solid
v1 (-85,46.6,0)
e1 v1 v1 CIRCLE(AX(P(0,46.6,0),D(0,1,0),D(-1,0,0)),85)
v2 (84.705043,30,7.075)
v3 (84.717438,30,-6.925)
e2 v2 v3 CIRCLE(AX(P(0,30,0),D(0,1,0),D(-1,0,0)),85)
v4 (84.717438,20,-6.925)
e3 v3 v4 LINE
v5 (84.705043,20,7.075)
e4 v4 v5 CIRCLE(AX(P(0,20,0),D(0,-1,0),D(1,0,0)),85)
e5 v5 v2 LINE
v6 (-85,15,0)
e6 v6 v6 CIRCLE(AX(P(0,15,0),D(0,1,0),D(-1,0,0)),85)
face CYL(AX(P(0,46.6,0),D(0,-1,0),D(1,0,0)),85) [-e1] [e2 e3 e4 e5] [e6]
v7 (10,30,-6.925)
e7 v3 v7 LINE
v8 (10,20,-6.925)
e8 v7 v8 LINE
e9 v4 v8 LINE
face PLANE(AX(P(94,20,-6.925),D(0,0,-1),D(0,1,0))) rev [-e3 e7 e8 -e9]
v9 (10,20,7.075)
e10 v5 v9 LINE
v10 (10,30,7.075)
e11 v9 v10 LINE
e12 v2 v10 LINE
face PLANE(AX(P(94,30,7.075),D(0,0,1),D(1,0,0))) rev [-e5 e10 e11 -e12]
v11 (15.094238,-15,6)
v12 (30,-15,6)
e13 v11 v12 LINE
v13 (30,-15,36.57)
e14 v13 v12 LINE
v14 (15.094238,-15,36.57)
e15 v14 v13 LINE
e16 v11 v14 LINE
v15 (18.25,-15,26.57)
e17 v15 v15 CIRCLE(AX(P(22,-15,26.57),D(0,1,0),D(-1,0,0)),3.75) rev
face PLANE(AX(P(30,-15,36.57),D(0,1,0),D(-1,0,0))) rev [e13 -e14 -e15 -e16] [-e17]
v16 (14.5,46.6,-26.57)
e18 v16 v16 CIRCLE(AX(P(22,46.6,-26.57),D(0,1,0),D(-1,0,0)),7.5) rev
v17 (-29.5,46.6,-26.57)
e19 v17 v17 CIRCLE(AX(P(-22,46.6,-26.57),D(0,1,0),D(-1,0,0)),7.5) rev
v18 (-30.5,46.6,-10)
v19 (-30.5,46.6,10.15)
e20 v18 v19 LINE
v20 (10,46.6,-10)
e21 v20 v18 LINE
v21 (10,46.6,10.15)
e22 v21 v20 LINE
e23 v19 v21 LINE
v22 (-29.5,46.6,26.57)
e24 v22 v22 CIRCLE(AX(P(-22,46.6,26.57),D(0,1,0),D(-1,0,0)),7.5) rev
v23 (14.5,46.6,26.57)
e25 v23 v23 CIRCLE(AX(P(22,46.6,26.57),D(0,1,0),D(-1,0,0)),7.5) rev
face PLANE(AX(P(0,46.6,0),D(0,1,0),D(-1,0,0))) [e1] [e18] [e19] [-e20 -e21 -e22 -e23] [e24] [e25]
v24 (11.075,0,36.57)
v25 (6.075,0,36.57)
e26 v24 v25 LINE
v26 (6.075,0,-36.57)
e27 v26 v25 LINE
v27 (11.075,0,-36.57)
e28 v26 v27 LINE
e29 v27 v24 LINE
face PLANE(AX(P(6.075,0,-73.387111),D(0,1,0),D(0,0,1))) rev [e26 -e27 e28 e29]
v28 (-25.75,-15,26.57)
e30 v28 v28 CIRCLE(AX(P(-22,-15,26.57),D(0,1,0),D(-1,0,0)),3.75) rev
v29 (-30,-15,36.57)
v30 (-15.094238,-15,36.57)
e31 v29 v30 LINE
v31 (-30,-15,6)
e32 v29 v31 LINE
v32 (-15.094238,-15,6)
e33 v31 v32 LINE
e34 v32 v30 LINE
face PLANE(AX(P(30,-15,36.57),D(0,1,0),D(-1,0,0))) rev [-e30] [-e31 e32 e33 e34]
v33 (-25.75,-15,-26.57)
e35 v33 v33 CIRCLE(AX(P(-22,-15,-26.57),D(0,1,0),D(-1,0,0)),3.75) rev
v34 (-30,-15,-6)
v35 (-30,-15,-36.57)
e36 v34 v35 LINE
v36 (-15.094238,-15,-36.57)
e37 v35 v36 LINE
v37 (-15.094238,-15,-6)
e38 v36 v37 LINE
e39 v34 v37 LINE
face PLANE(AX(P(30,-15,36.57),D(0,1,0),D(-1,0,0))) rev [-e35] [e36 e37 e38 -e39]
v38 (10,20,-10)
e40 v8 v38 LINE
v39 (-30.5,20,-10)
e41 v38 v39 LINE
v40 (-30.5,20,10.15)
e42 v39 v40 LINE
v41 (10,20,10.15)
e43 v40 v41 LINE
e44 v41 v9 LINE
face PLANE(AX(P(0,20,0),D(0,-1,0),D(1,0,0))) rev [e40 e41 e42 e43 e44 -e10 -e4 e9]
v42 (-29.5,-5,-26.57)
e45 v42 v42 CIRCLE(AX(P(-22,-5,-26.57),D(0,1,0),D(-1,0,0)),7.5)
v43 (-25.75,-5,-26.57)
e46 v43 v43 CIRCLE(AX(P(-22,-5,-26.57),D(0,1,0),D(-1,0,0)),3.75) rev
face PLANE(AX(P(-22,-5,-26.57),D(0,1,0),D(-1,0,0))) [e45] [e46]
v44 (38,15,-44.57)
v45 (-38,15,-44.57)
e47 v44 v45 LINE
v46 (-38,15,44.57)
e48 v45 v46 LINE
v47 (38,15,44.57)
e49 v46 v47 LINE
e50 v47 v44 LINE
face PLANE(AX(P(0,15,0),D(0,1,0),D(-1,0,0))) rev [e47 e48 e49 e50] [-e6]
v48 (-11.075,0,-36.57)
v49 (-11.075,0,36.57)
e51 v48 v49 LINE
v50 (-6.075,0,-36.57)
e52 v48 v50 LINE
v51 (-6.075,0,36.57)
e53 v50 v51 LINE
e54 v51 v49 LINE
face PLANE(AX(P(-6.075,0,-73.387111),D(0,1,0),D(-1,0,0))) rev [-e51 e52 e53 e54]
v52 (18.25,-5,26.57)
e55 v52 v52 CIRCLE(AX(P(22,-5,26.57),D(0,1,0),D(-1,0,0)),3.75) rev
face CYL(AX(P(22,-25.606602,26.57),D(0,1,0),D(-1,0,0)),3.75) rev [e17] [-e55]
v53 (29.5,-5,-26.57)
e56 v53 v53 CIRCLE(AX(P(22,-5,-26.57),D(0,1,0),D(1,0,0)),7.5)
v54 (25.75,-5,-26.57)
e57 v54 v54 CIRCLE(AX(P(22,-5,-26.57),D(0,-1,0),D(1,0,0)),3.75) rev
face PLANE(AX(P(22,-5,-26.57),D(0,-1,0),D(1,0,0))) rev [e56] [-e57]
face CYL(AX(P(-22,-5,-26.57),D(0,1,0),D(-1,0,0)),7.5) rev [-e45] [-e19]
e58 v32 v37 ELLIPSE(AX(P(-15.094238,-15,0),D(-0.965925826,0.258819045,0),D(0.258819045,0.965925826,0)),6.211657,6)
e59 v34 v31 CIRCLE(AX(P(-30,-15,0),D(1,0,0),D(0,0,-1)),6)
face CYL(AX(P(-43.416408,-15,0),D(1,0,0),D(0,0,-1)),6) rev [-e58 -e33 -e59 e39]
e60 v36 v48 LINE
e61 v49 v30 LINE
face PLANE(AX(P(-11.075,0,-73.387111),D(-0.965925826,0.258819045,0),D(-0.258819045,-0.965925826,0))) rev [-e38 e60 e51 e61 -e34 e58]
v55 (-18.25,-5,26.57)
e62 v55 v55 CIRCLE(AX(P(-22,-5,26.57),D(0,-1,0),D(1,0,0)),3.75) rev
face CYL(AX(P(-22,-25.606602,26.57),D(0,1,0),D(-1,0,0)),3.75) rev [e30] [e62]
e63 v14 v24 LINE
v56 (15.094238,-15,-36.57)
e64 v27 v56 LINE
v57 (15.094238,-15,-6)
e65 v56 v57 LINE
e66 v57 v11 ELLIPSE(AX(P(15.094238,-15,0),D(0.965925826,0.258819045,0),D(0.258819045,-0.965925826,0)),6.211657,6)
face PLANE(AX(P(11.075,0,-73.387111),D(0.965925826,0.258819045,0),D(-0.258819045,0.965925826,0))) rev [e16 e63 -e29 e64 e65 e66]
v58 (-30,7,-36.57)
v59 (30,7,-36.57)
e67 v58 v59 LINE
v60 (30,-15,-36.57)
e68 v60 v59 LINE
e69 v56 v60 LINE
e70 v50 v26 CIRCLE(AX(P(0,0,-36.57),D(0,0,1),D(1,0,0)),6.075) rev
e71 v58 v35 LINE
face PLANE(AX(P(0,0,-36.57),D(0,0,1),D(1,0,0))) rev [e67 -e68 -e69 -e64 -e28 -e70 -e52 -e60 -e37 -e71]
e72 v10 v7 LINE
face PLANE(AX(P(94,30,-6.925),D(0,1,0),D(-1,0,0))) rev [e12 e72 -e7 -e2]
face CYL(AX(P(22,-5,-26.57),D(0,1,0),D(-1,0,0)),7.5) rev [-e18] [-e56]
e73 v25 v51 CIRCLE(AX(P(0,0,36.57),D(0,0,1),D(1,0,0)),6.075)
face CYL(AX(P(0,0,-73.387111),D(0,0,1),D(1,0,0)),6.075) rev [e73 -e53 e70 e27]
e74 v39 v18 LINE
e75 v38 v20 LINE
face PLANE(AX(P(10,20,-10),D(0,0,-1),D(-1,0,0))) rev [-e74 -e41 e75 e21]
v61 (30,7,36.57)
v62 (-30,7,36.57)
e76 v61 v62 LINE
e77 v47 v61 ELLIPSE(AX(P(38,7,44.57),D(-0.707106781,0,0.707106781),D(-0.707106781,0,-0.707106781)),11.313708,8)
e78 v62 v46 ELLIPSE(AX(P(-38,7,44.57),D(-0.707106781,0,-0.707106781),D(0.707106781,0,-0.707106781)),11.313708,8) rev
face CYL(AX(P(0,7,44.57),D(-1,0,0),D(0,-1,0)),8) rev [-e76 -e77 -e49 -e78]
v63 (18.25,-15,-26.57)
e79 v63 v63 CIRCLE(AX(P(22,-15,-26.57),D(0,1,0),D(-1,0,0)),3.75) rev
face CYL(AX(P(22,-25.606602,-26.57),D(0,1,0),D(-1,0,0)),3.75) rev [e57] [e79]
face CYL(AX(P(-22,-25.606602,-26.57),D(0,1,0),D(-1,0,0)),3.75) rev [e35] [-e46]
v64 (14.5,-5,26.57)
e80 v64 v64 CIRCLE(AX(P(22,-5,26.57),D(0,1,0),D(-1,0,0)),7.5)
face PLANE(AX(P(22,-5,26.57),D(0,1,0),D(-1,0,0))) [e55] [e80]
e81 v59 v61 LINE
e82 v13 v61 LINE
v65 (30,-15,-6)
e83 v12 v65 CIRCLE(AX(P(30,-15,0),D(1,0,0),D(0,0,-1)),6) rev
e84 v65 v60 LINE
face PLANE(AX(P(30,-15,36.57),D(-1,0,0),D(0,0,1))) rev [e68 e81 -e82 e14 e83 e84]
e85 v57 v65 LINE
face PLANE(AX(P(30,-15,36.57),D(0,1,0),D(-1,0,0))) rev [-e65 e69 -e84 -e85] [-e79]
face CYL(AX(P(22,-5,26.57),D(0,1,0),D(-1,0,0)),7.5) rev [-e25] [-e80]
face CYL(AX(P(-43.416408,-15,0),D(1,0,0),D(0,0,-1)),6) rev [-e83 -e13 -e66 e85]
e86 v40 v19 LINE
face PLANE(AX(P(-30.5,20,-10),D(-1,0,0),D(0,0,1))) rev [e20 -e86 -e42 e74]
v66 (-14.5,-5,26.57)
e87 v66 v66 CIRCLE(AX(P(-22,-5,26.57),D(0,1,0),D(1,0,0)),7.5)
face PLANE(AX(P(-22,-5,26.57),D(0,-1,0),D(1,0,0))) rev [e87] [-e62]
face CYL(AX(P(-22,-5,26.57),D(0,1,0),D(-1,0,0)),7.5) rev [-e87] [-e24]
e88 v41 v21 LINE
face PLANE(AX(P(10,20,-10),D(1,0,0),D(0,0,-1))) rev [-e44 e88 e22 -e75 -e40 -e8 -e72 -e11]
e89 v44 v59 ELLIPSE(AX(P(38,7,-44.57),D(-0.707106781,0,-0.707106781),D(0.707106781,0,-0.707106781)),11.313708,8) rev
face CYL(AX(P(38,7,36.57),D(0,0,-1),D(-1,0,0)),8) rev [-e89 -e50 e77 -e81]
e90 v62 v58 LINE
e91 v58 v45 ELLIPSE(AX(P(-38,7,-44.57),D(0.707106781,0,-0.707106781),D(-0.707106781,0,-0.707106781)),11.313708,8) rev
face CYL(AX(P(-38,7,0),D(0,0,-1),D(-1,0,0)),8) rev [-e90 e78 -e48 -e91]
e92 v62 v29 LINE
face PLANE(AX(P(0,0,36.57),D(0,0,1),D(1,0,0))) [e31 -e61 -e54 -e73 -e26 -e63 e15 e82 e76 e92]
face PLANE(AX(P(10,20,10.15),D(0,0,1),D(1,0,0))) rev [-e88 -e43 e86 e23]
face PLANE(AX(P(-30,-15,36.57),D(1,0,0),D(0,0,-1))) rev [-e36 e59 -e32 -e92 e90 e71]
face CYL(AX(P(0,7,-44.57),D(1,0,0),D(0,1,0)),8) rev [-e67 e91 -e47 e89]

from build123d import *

# Parameters (mm, degrees)
SKETCH1_W           = 60
SKETCH1_H           = 30
BOSS_EXTRUDE1_DEPTH = 36.57
CUT_EXTRUDE1_DEPTH  = 60
CUT_EXTRUDE2_REACH  = 82.464
CUT_EXTRUDE3_DEPTH  = 73.14
SKETCH5_R           = 3.75
CUT_EXTRUDE4_DEPTH  = 30
SKETCH6_R           = 7.5
CUT_EXTRUDE5_DEPTH  = 20
SKETCH8_R           = 85
BOSS_EXTRUDE3_DEPTH = 31.6
CUT_EXTRUDE6_START  = -31.6
SKETCH9_R           = 7.5
CUT_EXTRUDE6_DEPTH  = 31.6
SKETCH11_W          = 40.5
SKETCH11_H          = 20.15
CUT_EXTRUDE7_DEPTH  = 26.6
BOSS_EXTRUDE4_DEPTH = 73.14
SKETCH13_R          = 7.5
CUT_EXTRUDE8_DEPTH  = 51.6
FILLET1_R           = 8
SKETCH14_W          = 14
SKETCH14_H          = 10
CUT_EXTRUDE9_DEPTH  = 84


with BuildPart() as part:
    # Sketch1 → Boss-Extrude1 (new, symmetric)
    with BuildSketch(Plane.XY):
        Rectangle(SKETCH1_W, SKETCH1_H)
    extrude(amount=BOSS_EXTRUDE1_DEPTH, both=True)

    # Sketch2 → Cut-Extrude1 (cut)
    with BuildSketch(Plane(origin=(30, 0, 0), x_dir=(0, 0, -1), z_dir=(1, 0, 0))):
        with BuildLine():
            ThreePointArc((6, -15), (0, -9), (-6, -15))
            Line((-6, -15), (6, -15))
        make_face()
    extrude(amount=-CUT_EXTRUDE1_DEPTH, mode=Mode.SUBTRACT)

    # Cut-Extrude2: up to this face of the body (flat: up to its plane)
    cut_extrude2_end = Plane(part.part.faces().sort_by_distance((0, 0, -36.57))[0])
    # Sketch3 → Cut-Extrude2 (cut, up to the picked face)
    with BuildSketch(Plane.XY.offset(36.57), mode=Mode.PRIVATE) as cut_extrude2_sk1:
        with BuildLine():
            Line((6.075, 0), (11.075, 0))
            Line((11.075, 0), (15.094237886, -15))
            Line((15.094237886, -15), (-15.094237886, -15))
            Line((-15.094237886, -15), (-11.075, 0))
            Line((-11.075, 0), (-6.075, 0))
            ThreePointArc((-6.075, 0), (0, 6.075), (6.075, 0))
        make_face()
    cut_extrude2_tool1 = split(extrude(cut_extrude2_sk1.sketch, amount=-CUT_EXTRUDE2_REACH, mode=Mode.PRIVATE), bisect_by=cut_extrude2_end, keep=Keep.BOTH, mode=Mode.PRIVATE)
    add(cut_extrude2_tool1.solids().sort_by(Axis((0, -6.537689, 36.57), (0, 0, -1)))[0], mode=Mode.SUBTRACT)

    # Sketch4 → Cut-Extrude3 (cut)
    with BuildSketch(Plane.XY.offset(36.57)):
        Polygon((30, 15), (30, -5), (10, 15), align=None)
        Polygon((-30, 15), (-30, -5), (-10, 15), align=None)
    extrude(amount=-CUT_EXTRUDE3_DEPTH, mode=Mode.SUBTRACT)

    # Sketch5 → Cut-Extrude4 (cut)
    with BuildSketch(Plane(origin=(0, 15, 0), x_dir=(1, 0, 0), z_dir=(0, 1, 0))):
        with Locations(Location((22, -26.57, 0), (0, 0, 180))):
            Circle(SKETCH5_R)
        with Locations(Location((-22, -26.57, 0), (0, 0, 180))):
            Circle(SKETCH5_R)
        with Locations(Location((22, 26.57, 0), (0, 0, 180))):
            Circle(SKETCH5_R)
        with Locations(Location((-22, 26.57, 0), (0, 0, 180))):
            Circle(SKETCH5_R)
    extrude(amount=-CUT_EXTRUDE4_DEPTH, mode=Mode.SUBTRACT)

    # Sketch6 → Cut-Extrude5 (cut)
    with BuildSketch(Plane(origin=(0, 15, 0), x_dir=(1, 0, 0), z_dir=(0, 1, 0))):
        with Locations(Location((22, -26.57, 0), (0, 0, 180))):
            Circle(SKETCH6_R)
        with Locations((-22, -26.57)):
            Circle(SKETCH6_R)
        with Locations(Location((22, 26.57, 0), (0, 0, 180))):
            Circle(SKETCH6_R)
        with Locations(Location((-22, 26.57, 0), (0, 0, 180))):
            Circle(SKETCH6_R)
    extrude(amount=-CUT_EXTRUDE5_DEPTH, mode=Mode.SUBTRACT)

    # Sketch8 → Boss-Extrude3 (add)
    with BuildSketch(Plane(origin=(0, 15, 0), x_dir=(1, 0, 0), z_dir=(0, 1, 0))):
        with Locations(Location((0, 0, 0), (0, 0, 180))):
            Circle(SKETCH8_R)
    extrude(amount=BOSS_EXTRUDE3_DEPTH)

    # Sketch9 → Cut-Extrude6 (cut)
    with BuildSketch(Plane.XZ.offset(-15).offset(CUT_EXTRUDE6_START)):
        with Locations(Location((22, 26.57, 0), (0, 0, 180))):
            Circle(SKETCH9_R)
        with Locations(Location((22, -26.57, 0), (0, 0, 180))):
            Circle(SKETCH9_R)
        with Locations(Location((-22, -26.57, 0), (0, 0, 180))):
            Circle(SKETCH9_R)
        with Locations((-22, 26.57)):
            Circle(SKETCH9_R)
    extrude(amount=CUT_EXTRUDE6_DEPTH, mode=Mode.SUBTRACT)

    # Sketch11 → Cut-Extrude7 (cut)
    with BuildSketch(Plane(origin=(0, 46.6, 0), x_dir=(1, 0, 0), z_dir=(0, 1, 0))):
        with Locations((-10.25, -0.075)):
            Rectangle(SKETCH11_W, SKETCH11_H)
    extrude(amount=-CUT_EXTRUDE7_DEPTH, mode=Mode.SUBTRACT)

    # Sketch12 → Boss-Extrude4 (add)
    with BuildSketch(Plane.XY.offset(36.57)):
        Polygon((30, -5), (30, 15), (10, 15), align=None)
        Polygon((-10, 15), (-30, -5), (-30, 15), align=None)
    extrude(amount=-BOSS_EXTRUDE4_DEPTH)

    # Sketch13 → Cut-Extrude8 (cut)
    with BuildSketch(Plane(origin=(0, 46.6, 0), x_dir=(1, 0, 0), z_dir=(0, 1, 0))):
        with Locations(Location((22, 26.57, 0), (0, 0, 180))):
            Circle(SKETCH13_R)
        with Locations(Location((-22, 26.57, 0), (0, 0, 180))):
            Circle(SKETCH13_R)
        with Locations(Location((-22, -26.57, 0), (0, 0, 180))):
            Circle(SKETCH13_R)
        with Locations(Location((22, -26.57, 0), (0, 0, 180))):
            Circle(SKETCH13_R)
    extrude(amount=-CUT_EXTRUDE8_DEPTH, mode=Mode.SUBTRACT)

    # Fillet1
    fillet1_edges = [part.edges().sort_by_distance(p)[0] for p in [
        (30, 15, 0),
        (-30, 15, 0),
        (0, 15, -36.57),
        (0, 15, 36.57),
    ]]
    fillet(fillet1_edges, radius=FILLET1_R)

    # Sketch14 → Cut-Extrude9 (cut)
    with BuildSketch(Plane.ZY.offset(-10)):
        with Locations((0.075, 25)):
            Rectangle(SKETCH14_W, SKETCH14_H)
    extrude(amount=-CUT_EXTRUDE9_DEPTH, mode=Mode.SUBTRACT)


solid = part.part
